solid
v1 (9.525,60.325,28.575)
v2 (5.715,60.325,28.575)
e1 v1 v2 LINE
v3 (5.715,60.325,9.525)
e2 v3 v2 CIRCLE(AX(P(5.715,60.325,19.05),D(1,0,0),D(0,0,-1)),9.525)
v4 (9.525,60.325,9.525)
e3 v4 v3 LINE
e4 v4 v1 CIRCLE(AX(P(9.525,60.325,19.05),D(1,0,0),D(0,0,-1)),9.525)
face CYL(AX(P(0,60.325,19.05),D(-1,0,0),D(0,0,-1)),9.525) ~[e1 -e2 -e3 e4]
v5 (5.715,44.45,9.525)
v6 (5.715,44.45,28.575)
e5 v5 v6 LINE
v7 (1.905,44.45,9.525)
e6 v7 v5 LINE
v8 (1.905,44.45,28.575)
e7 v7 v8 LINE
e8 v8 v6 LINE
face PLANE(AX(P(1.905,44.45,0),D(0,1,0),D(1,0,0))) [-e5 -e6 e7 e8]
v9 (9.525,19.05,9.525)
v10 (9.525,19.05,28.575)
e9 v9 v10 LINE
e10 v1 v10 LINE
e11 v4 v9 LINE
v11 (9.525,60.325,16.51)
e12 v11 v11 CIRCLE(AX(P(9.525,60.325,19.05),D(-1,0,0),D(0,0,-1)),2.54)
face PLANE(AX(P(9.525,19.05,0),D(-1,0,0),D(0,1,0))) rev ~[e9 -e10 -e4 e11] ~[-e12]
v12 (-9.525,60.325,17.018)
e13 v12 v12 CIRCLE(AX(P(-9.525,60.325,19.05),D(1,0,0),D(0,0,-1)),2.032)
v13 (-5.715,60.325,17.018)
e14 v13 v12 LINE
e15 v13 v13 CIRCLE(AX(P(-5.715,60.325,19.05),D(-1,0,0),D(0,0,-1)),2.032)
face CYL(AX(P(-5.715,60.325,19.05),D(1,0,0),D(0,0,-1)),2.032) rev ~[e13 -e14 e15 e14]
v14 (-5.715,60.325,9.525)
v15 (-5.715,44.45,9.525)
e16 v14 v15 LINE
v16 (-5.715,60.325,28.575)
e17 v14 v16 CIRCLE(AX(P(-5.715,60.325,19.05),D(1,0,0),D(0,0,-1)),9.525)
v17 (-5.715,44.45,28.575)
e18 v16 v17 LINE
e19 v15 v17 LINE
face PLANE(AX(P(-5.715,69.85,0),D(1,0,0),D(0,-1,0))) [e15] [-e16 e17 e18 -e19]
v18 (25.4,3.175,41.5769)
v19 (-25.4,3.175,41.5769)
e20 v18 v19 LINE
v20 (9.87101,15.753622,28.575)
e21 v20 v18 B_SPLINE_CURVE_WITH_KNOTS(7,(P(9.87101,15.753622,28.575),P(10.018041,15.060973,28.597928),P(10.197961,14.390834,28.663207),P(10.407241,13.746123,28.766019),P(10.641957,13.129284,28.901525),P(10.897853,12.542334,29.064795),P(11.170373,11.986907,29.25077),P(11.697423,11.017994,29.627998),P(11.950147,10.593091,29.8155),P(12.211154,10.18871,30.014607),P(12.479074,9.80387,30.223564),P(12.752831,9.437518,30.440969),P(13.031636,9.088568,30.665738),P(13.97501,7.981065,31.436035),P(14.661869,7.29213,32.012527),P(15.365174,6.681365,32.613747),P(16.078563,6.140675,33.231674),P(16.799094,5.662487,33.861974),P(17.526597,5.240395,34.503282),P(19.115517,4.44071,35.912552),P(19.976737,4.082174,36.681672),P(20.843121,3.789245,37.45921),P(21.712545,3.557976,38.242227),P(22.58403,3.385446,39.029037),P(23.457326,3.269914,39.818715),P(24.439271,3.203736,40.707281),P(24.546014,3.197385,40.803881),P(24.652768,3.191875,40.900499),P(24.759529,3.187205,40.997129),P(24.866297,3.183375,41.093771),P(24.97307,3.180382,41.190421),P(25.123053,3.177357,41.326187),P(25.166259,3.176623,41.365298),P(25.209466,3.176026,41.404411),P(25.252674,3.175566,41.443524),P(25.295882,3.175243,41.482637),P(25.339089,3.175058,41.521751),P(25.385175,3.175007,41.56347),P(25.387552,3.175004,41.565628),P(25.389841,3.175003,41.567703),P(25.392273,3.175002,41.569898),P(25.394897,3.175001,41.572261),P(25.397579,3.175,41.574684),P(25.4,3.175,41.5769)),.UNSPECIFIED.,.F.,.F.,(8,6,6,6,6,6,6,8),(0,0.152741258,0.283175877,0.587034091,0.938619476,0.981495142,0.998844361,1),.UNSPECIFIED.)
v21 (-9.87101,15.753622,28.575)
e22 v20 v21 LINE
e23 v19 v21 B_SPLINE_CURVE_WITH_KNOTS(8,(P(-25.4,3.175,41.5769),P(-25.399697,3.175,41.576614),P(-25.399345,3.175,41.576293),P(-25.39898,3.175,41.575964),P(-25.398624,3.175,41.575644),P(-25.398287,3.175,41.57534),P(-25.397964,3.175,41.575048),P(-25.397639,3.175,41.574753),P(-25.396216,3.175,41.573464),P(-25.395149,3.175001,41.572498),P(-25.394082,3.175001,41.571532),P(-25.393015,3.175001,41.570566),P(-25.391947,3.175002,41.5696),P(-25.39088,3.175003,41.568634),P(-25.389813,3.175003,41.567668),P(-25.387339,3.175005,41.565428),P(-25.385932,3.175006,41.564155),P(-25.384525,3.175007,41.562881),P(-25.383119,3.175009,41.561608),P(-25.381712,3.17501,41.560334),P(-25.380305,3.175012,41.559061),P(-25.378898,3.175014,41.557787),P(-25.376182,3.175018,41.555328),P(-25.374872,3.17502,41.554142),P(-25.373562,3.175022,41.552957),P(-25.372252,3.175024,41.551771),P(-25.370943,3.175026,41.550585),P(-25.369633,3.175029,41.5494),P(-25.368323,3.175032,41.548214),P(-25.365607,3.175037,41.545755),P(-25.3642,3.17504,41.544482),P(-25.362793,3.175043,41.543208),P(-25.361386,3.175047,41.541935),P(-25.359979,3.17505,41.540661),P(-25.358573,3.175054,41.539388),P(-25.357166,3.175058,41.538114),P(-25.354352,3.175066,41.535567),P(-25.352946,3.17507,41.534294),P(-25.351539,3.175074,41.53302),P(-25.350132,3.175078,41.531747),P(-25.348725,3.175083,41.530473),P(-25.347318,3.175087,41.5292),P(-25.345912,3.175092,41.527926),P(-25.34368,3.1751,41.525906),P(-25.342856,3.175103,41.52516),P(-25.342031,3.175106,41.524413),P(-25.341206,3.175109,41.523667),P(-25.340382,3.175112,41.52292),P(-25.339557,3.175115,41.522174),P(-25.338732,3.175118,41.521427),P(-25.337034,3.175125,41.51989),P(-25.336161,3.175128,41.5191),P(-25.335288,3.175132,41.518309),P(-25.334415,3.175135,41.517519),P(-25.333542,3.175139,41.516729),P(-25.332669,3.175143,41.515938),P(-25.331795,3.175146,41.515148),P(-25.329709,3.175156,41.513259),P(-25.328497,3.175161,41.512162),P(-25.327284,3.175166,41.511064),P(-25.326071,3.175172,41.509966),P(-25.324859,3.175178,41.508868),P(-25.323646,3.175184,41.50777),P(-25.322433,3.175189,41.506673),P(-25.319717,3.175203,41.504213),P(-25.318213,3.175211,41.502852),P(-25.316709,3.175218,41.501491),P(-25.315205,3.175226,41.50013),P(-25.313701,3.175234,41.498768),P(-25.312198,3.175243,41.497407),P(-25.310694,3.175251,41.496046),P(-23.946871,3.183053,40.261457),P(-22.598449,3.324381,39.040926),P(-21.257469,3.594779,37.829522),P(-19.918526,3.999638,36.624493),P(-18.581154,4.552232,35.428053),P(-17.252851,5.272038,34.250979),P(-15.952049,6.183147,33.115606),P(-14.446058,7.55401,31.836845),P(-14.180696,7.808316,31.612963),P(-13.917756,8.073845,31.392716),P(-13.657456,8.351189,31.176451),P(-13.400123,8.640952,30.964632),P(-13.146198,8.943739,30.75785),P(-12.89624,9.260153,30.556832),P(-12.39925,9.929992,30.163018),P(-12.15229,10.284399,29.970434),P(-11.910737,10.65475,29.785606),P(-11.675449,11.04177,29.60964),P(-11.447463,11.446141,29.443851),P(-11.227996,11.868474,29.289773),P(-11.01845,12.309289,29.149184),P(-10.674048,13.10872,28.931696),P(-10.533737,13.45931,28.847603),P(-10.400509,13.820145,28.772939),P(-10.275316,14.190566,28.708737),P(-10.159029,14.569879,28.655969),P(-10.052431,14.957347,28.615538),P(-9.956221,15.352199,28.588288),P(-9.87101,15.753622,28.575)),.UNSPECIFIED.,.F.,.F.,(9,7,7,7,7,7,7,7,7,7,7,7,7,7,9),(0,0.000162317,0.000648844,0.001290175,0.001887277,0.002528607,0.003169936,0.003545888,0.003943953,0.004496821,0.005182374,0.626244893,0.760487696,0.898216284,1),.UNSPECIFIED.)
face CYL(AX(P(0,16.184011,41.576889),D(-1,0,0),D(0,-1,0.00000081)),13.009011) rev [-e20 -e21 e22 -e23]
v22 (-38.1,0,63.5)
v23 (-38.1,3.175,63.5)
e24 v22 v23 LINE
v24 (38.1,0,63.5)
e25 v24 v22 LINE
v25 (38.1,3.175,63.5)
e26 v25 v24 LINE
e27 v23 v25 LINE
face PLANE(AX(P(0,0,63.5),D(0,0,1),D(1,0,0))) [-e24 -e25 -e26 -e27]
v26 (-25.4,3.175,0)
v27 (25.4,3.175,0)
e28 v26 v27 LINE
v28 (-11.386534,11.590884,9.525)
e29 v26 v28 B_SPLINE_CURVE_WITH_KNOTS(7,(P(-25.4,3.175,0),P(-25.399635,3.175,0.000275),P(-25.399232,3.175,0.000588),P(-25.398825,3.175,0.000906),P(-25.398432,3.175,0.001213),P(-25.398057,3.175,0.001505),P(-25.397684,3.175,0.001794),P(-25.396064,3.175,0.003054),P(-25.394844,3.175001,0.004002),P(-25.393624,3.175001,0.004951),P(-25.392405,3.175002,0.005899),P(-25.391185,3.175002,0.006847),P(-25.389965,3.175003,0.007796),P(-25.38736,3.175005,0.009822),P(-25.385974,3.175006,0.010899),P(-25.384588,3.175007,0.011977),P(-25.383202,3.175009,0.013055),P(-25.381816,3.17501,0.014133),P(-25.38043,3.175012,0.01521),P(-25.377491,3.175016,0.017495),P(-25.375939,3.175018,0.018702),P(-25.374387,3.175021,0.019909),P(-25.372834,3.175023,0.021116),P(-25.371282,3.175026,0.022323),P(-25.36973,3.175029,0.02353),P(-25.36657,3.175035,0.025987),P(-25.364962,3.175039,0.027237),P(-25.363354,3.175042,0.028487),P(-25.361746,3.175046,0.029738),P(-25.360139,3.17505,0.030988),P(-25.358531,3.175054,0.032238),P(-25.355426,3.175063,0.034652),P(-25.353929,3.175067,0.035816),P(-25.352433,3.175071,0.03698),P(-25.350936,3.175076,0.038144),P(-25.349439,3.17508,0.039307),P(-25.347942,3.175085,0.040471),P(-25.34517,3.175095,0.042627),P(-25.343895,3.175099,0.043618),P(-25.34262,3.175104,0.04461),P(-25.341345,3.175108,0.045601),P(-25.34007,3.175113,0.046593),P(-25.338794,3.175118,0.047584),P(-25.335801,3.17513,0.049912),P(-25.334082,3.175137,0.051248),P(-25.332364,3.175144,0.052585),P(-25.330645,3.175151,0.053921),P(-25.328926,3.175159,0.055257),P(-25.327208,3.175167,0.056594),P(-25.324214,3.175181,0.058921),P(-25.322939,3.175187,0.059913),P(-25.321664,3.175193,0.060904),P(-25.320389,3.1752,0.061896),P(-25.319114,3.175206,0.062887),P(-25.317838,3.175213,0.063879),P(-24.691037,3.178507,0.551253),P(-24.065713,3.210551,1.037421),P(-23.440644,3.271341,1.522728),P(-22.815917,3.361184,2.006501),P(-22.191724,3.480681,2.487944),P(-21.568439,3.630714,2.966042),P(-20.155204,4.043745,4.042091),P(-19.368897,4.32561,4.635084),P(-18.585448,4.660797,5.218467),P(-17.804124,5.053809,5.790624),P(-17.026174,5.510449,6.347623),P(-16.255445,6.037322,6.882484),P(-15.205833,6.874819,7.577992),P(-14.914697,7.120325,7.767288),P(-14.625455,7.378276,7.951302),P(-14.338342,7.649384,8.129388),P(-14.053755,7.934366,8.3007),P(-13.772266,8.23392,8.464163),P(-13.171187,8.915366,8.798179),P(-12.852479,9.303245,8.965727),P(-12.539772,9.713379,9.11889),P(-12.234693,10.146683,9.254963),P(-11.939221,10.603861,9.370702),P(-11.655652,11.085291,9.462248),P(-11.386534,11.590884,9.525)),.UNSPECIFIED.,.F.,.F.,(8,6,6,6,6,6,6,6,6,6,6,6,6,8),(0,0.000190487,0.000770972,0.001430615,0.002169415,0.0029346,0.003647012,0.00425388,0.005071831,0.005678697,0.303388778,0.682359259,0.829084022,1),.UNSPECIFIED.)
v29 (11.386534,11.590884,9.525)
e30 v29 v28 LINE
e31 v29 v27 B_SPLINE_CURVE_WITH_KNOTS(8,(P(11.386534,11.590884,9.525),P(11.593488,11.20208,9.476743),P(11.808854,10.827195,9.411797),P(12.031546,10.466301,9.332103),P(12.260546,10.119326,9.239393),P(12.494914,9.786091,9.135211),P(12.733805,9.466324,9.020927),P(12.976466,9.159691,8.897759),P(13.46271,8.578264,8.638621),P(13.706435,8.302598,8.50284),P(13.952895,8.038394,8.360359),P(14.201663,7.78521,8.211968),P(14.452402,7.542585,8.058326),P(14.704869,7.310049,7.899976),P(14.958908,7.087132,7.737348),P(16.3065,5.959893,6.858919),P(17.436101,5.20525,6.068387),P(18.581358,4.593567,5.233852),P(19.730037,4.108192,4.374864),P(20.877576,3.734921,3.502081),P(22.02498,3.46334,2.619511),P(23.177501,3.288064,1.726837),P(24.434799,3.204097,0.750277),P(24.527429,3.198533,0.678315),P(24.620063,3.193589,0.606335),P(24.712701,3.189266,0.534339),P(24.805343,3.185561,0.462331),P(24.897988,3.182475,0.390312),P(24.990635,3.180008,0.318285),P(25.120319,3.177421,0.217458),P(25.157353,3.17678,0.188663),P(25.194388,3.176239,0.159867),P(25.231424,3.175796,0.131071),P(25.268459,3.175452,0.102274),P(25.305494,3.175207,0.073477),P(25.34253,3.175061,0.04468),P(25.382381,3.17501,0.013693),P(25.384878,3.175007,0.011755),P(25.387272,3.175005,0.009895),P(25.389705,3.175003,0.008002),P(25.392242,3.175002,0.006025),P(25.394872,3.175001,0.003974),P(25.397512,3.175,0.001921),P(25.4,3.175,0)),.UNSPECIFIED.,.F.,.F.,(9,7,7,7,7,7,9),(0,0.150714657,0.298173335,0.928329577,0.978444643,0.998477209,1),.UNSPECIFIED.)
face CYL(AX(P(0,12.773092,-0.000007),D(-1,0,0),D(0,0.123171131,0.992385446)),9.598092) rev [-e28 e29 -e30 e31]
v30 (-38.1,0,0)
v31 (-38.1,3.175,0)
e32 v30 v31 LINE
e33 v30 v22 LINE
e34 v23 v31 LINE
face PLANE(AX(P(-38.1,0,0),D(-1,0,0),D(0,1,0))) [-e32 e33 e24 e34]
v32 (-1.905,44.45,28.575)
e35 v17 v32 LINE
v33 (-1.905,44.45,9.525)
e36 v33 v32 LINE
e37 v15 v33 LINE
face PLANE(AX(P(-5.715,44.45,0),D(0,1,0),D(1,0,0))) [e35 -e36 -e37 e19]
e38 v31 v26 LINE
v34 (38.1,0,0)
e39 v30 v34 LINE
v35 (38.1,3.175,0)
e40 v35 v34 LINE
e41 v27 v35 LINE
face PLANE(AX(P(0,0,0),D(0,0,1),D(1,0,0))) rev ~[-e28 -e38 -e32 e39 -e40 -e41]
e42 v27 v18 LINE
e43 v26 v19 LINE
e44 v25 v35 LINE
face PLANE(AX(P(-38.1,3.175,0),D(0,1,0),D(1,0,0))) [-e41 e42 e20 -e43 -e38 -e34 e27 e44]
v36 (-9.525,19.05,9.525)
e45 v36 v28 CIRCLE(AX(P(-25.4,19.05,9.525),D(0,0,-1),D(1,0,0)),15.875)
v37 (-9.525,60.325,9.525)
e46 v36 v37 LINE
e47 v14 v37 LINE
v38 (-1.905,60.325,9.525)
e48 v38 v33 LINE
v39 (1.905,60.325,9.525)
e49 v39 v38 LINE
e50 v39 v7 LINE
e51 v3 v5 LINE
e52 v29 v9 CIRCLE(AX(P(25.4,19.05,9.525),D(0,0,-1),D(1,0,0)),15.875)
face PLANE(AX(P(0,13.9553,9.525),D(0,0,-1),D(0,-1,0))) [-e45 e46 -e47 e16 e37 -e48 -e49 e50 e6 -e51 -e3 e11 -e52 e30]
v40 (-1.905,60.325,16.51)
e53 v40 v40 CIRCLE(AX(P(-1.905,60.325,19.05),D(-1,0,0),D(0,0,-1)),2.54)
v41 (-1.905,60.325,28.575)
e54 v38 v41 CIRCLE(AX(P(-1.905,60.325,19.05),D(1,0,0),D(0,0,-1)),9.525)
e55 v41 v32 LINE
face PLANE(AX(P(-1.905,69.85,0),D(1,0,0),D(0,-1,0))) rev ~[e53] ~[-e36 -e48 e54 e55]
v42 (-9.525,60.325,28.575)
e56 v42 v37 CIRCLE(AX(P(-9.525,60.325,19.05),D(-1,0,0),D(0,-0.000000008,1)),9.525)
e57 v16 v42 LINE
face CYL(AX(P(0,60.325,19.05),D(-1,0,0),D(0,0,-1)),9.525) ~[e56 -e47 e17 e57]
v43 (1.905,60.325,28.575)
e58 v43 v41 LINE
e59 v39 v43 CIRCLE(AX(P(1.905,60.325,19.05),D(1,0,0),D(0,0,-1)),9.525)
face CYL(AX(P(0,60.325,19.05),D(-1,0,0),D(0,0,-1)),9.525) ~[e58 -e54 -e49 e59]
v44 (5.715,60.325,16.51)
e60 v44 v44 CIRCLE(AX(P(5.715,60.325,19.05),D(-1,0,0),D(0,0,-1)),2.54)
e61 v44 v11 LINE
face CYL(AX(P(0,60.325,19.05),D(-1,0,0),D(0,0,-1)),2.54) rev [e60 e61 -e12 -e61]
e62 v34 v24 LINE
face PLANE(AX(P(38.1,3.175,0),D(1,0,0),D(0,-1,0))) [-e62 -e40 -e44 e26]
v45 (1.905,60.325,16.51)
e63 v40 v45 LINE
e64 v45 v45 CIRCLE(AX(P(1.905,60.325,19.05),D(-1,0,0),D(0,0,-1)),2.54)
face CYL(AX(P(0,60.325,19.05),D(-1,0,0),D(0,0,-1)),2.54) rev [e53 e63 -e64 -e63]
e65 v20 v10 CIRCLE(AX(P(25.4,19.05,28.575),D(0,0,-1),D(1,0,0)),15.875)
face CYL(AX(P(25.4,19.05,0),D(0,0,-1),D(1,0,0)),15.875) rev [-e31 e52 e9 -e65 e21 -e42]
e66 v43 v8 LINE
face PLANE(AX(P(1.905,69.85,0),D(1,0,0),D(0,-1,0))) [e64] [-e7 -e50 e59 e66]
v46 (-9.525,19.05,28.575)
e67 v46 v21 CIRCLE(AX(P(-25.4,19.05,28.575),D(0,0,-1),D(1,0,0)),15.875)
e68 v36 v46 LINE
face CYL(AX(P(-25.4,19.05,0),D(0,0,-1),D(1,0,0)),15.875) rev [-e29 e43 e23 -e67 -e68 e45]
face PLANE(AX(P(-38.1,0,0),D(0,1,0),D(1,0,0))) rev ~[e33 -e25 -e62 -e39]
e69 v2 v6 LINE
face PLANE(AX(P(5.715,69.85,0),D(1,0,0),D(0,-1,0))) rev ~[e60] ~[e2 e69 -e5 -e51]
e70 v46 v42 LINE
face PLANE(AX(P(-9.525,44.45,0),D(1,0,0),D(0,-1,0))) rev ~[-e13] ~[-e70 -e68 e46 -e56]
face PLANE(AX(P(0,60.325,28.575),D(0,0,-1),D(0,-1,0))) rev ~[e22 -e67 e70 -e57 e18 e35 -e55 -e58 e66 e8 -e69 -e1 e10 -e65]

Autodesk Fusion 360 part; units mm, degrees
sketch "Sketch1" plane through (0, 0, 0) normal (0, 0, 1) x (1, 0, 0)
  line L0 (-38.1, 0) -> (38.1, 0)
  line L1 (-9.525, 0) -> (9.525, 0)
  line L2 (9.525, 0) -> (9.525, 69.85)
  line L3 (9.525, 69.85) -> (-9.525, 69.85)
  line L4 (-9.525, 69.85) -> (-9.525, 0)
  line L5 (-38.1, 0) -> (-38.1, 3.175)
  line L6 (-38.1, 3.175) -> (38.1, 3.175)
  line L7 (38.1, 3.175) -> (38.1, 0)
  circle A0 centre (-25.4, 19.05) radius 15.875
  circle A1 centre (25.4, 19.05) radius 15.875
  line L8 (-9.525, 44.45) -> (9.525, 44.45)
  line L9 (-5.715, 69.85) -> (-5.715, 44.45)
  line L10 (-1.905, 69.85) -> (-1.905, 44.45)
  line L11 (1.905, 69.85) -> (1.905, 44.45)
  line L12 (5.715, 69.85) -> (5.715, 44.45)
  dimension "d2" = 19.05
  dimension "d3" = 9.525
  dimension "d4" = 3.175
  dimension "d5" = 76.2
  dimension "d6" = 31.75
  dimension "d7" = 31.75
  dimension "d17" = 69.85
  dimension "d18" = 3.175
  dimension "d28" = 25.4
  dimension "d29" = 3.81
  dimension "d30" = 3.81
  dimension "d31" = 3.81
  dimension "d32" = 3.81
extrude "Extrude1" add sketch "Sketch1" along normal blind 63.5 contours L0 L4 L5 L6 | L0 L1 L2 L4 L6 | L0 L2 L6 L7 | L4 L6 A0 | L2 L4 L6 L8 | L2 L6 A1 | L3 L4 L8 L9 | L2 L3 L8 L12 | L3 L8 L9 L10 | L3 L8 L11 L12 | L3 L8 L10 L11 makes body 1
sketch "Sketch3" plane through (0, 0, 0) normal (1, 0, 0) x (0, 0, -1)
  line L0 (0, 0) -> (-63.5, 0)
  line L1 (-63.5, 0) -> (-63.5, 69.85)
  line L2 (-63.5, 69.85) -> (0, 69.85)
  line L3 (0, 69.85) -> (0, 0)
  line L4 (-63.5, 3.175) -> (0, 3.175)
  line L5 (-19.05, 69.85) -> (-19.05, 0)
  line L6 (0, 3.175) -> (0, 0)
  line L7 (-9.525, 69.85) -> (-9.525, 0)
  line L8 (-28.575, 69.85) -> (-28.575, 0)
  circle A0 centre (-19.05, 60.325) radius 9.525
  arc A1 (-9.525, 13.9553) -> (0, 3.175) centre (0, 12.7731) ccw
  arc A2 (-41.5769, 3.175) -> (-28.575, 16.6144) centre (-41.5769, 16.184) ccw
  circle A3 centre (-19.05, 60.325) radius 2.54
  circle A4 centre (-19.05, 60.325) radius 2.032
  dimension "d15" = 63.5
  dimension "d16" = 69.85
  dimension "d19" = 3.175
  dimension "d20" = 19.05
  dimension "d21" = 9.525
  dimension "d22" = 9.525
  dimension "d23" = 19.05
  dimension "d25" = 5.08
  dimension "d35" = 4.064
extrude "Extrude2" cut sketch "Sketch3" along normal mid plane 81.28 contours L2 L3 L7 A1 | L2 L7 A0 | L2 L8 A0 | L1 L2 L4 L8 A2 | L5 A3 A4 | L5 A3 A4 | L5 A4 | L5 A4 bodies 1
extrude "Extrude3" cut sketch "Sketch1" along normal blind 33.02 contours L3 L8 L9 L10 | L3 L8 L11 L12 bodies 1
extrude "Extrude4" add sketch "Sketch3" along normal blind -9.525 and the other way blind 5.715 contours L5 A3 A4 | L5 A3 A4 bodies 1
copy_body "Body->Comp1" bodies 1 removing the originals makes body 2 in component "Base"
component "Base" placed x (1, 0, 0) y (0, 1, 0) z (0, 0, 1) at (0, 0, 0)
